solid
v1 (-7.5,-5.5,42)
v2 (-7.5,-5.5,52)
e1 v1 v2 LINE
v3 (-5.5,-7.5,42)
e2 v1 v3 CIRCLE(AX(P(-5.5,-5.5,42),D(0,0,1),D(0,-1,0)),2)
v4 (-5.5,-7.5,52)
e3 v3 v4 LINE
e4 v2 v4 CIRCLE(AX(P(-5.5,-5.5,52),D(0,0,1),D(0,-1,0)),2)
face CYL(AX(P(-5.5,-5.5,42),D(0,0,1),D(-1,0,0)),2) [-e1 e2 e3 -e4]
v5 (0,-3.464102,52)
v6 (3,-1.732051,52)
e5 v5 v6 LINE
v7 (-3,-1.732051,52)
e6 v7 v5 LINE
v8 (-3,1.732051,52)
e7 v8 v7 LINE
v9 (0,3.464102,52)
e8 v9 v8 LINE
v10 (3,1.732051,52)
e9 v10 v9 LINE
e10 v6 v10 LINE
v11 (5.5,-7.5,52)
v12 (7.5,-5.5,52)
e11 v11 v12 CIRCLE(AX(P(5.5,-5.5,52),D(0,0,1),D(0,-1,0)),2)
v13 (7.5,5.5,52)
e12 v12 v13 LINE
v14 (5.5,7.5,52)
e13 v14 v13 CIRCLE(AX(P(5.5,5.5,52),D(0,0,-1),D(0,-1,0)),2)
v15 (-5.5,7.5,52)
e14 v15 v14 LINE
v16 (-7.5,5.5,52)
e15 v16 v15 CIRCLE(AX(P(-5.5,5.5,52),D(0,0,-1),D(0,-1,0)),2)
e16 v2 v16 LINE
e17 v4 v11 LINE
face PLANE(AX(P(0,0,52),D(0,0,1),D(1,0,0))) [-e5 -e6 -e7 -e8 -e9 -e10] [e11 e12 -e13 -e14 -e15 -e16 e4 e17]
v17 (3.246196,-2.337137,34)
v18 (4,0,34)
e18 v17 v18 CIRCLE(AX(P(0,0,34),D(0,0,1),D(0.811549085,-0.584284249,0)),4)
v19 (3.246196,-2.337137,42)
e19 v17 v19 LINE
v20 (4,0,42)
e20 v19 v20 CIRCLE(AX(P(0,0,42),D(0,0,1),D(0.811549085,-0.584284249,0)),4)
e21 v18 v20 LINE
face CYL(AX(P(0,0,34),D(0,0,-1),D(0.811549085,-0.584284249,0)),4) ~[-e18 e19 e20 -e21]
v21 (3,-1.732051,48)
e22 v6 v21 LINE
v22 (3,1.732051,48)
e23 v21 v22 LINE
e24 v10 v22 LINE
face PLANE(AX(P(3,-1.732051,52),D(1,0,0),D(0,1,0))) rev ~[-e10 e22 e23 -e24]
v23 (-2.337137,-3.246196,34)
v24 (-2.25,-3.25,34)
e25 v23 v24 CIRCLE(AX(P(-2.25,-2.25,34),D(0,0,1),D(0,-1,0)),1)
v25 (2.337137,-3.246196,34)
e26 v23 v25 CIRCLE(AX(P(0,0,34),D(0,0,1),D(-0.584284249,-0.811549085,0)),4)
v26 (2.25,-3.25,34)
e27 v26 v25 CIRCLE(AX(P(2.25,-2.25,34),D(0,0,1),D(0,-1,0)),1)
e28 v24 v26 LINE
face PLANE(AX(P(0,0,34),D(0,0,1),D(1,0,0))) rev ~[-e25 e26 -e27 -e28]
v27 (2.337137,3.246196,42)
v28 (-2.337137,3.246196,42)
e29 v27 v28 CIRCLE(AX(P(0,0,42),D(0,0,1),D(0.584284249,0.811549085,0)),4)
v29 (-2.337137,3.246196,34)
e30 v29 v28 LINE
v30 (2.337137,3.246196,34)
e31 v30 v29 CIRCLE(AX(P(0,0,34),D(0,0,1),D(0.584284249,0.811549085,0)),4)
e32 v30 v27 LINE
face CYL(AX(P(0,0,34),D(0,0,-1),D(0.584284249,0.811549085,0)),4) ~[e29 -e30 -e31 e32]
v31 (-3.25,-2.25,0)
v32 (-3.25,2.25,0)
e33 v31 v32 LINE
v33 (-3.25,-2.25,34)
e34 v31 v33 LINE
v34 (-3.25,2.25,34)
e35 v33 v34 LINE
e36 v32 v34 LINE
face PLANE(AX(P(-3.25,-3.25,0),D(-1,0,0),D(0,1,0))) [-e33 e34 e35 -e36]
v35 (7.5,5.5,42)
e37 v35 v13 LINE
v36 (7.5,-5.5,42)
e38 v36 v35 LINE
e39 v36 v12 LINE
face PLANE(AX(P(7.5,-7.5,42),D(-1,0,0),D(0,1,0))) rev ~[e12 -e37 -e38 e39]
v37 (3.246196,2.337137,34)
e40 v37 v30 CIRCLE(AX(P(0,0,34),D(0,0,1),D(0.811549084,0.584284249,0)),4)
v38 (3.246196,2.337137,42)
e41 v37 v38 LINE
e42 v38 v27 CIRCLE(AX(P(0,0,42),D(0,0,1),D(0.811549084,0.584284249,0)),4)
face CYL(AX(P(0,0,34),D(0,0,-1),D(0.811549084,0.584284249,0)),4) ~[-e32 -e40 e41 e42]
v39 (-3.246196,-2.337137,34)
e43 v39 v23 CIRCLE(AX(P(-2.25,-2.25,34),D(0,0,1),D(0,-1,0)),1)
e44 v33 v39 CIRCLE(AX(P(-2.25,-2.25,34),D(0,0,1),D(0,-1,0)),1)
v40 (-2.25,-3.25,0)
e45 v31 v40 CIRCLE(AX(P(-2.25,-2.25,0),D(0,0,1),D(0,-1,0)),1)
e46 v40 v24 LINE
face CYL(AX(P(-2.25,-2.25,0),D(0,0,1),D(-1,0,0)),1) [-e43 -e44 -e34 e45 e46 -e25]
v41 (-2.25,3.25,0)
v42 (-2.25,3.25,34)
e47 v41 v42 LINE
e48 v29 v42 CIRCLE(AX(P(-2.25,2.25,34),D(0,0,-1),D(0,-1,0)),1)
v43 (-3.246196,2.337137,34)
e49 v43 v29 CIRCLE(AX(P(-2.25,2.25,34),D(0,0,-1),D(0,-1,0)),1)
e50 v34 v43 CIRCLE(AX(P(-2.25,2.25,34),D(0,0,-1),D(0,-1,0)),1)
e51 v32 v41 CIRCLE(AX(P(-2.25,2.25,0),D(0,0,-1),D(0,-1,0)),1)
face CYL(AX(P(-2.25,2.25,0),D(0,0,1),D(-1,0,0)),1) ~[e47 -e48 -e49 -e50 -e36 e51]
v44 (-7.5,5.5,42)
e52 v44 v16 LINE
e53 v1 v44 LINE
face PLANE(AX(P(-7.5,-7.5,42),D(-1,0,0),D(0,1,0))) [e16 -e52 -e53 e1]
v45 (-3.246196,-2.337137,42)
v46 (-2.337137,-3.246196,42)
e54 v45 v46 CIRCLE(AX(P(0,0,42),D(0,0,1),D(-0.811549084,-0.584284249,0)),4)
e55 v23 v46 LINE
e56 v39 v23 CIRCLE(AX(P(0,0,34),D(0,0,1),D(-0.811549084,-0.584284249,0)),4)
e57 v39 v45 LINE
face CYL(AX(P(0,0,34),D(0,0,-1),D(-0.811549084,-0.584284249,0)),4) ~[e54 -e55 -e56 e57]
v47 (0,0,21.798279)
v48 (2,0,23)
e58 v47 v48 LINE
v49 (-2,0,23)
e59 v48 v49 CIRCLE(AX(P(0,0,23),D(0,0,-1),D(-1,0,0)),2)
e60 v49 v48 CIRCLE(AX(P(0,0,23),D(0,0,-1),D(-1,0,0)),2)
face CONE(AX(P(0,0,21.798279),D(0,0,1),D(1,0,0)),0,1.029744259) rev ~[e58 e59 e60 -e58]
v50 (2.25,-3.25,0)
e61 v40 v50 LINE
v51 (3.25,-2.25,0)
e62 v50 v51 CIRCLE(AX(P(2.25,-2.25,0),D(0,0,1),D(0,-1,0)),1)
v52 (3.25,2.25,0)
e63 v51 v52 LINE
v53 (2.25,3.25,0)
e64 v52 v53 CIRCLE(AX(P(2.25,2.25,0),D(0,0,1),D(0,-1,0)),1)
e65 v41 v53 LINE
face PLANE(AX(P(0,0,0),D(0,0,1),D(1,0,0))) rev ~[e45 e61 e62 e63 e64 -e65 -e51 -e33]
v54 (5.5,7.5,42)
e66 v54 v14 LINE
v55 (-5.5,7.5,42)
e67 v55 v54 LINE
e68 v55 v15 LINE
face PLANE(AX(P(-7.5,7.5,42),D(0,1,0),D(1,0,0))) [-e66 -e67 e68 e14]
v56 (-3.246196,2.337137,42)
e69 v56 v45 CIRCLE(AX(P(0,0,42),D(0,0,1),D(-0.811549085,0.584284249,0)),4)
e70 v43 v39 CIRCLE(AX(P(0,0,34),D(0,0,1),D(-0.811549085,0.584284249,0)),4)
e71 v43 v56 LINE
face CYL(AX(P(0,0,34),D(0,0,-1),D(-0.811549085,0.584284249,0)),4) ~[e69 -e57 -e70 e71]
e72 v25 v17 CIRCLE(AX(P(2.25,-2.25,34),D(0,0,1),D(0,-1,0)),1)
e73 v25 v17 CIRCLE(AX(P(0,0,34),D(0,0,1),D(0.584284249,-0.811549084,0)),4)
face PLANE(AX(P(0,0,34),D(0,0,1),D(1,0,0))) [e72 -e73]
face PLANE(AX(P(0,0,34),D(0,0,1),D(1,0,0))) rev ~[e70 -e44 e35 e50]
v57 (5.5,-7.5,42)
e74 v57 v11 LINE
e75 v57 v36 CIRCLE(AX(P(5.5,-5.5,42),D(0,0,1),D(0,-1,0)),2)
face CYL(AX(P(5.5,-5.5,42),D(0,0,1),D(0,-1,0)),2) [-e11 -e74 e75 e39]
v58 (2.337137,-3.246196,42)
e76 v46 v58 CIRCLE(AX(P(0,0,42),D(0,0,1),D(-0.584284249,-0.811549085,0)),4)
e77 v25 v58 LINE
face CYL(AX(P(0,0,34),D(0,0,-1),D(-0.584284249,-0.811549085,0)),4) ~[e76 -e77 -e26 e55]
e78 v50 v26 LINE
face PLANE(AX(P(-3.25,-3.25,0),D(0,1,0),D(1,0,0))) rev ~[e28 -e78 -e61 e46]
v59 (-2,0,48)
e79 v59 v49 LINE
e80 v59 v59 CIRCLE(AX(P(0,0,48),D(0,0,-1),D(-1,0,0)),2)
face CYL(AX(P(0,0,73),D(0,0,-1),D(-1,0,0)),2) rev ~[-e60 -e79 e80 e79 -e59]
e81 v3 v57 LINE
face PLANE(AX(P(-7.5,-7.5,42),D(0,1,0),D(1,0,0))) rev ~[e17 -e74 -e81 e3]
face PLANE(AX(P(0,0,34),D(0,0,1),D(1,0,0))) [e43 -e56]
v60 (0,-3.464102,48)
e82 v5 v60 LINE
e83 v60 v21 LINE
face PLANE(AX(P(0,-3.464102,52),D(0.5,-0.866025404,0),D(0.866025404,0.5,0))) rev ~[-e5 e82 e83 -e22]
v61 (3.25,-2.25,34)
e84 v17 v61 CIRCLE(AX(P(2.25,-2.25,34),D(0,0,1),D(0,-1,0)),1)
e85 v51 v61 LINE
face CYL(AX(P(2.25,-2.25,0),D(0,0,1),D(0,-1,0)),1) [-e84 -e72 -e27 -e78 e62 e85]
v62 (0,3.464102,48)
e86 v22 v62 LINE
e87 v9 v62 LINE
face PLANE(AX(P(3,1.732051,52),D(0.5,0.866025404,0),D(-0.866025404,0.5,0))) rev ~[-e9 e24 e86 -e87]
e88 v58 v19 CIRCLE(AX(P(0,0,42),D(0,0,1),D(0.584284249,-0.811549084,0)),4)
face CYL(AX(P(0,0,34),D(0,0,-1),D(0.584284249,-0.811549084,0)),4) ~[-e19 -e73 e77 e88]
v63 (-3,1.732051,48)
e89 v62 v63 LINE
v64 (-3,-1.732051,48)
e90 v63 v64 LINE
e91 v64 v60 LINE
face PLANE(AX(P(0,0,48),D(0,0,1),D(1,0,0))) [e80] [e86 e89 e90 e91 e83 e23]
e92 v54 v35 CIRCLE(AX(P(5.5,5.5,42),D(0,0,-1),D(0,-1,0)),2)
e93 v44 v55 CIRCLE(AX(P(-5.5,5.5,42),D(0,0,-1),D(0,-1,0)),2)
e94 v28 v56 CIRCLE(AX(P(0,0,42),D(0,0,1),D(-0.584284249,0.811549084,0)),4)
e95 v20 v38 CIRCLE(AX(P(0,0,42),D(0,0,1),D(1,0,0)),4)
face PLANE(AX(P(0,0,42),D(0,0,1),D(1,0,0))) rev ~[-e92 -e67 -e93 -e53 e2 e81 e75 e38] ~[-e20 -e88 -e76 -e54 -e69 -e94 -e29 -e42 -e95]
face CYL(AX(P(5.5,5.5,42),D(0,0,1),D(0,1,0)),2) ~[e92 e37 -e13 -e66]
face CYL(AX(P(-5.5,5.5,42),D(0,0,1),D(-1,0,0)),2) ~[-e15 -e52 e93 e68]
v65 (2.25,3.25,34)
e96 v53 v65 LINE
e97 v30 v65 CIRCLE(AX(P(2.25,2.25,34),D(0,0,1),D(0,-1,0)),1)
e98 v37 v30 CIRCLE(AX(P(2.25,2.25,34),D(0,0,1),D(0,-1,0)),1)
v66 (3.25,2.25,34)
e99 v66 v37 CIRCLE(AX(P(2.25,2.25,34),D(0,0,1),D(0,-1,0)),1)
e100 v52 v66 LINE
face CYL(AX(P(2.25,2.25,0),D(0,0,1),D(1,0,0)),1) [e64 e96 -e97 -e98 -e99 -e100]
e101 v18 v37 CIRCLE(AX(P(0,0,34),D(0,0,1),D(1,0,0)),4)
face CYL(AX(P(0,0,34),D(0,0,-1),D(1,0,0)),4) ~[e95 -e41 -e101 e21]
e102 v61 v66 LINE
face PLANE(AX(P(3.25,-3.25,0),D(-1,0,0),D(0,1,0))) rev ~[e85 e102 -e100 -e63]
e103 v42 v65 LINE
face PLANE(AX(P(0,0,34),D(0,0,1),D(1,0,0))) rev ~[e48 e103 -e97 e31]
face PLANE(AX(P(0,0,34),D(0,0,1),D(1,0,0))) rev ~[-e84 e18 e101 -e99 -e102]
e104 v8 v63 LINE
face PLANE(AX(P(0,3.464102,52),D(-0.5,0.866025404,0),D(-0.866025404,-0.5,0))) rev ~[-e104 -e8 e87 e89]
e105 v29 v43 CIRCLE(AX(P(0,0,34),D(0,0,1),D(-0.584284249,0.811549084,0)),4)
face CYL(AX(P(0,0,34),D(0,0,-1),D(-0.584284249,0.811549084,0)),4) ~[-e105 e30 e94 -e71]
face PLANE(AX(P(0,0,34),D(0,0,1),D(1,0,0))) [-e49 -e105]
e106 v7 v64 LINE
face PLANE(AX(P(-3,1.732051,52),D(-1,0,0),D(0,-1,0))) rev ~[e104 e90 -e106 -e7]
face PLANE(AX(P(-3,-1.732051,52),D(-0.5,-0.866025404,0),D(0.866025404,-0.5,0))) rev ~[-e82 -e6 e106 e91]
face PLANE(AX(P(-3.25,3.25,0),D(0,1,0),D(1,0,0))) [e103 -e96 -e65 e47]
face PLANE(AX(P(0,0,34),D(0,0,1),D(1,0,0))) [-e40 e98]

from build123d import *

# Parameters (mm, degrees)
F0_W      = 6.5
F0_H      = 6.5
F1_DEPTH  = 34
F2_R      = 1
F4_DEPTH  = 8
F5_W      = 15
F5_H      = 15
F5_R      = 4
F6_DEPTH  = 10
F8_DEPTH  = 4
F10_D     = 4
F10_DEPTH = 25
F10_TIP   = 1.2017212381
F11_R     = 2


with BuildPart() as f1:
    # F0 (on Top) → F1 (new body)
    with BuildSketch(Plane.XY):
        Rectangle(F0_W, F0_H)
    extrude(amount=F1_DEPTH)

    # F2
    f2_edges = [f1.edges().sort_by_distance(p)[0] for p in [
        (-3.25, 3.25, 17),
        (3.25, 3.25, 17),
        (3.25, -3.25, 17),
        (-3.25, -3.25, 17),
    ]]
    fillet(f2_edges, radius=F2_R)

    # F3 (on face) → F4 (join)
    with BuildSketch(Plane.XY.offset(34)):
        with BuildLine():
            ThreePointArc((3.25, 2.25), (3.249048632, 2.2936099868), (3.2461963381, 2.3371369952))
            ThreePointArc((3.2461963381, 2.3371369952), (2.8284271247, 2.8284271247), (2.3371369952, 3.2461963381))
            ThreePointArc((2.3371369952, 3.2461963381), (2.2936099868, 3.249048632), (2.25, 3.25))
            Line((2.25, 3.25), (-2.25, 3.25))
            ThreePointArc((-2.25, 3.25), (-2.2936099868, 3.249048632), (-2.3371369952, 3.2461963381))
            ThreePointArc((-2.3371369952, 3.2461963381), (-2.8284271247, 2.8284271247), (-3.2461963381, 2.3371369952))
            ThreePointArc((-3.2461963381, 2.3371369952), (-3.249048632, 2.2936099868), (-3.25, 2.25))
            Line((-3.25, 2.25), (-3.25, -2.25))
            ThreePointArc((-3.25, -2.25), (-3.249048632, -2.2936099868), (-3.2461963381, -2.3371369952))
            ThreePointArc((-3.2461963381, -2.3371369952), (-2.8284271247, -2.8284271247), (-2.3371369952, -3.2461963381))
            ThreePointArc((-2.3371369952, -3.2461963381), (-2.2936099868, -3.249048632), (-2.25, -3.25))
            Line((-2.25, -3.25), (2.25, -3.25))
            ThreePointArc((2.25, -3.25), (2.2936099868, -3.249048632), (2.3371369952, -3.2461963381))
            ThreePointArc((2.3371369952, -3.2461963381), (2.8284271247, -2.8284271247), (3.2461963381, -2.3371369952))
            ThreePointArc((3.2461963381, -2.3371369952), (3.249048632, -2.2936099868), (3.25, -2.25))
            Line((3.25, -2.25), (3.25, 2.25))
        make_face()
        with BuildLine():
            ThreePointArc((3.2461963381, -2.3371369952), (3.8068875313, -1.2278466206), (4, 0))
            ThreePointArc((4, 0), (3.8068875313, 1.2278466206), (3.2461963381, 2.3371369952))
            ThreePointArc((3.2461963381, 2.3371369952), (3.249048632, 2.2936099868), (3.25, 2.25))
            Line((3.25, 2.25), (3.25, -2.25))
            ThreePointArc((3.25, -2.25), (3.249048632, -2.2936099868), (3.2461963381, -2.3371369952))
        make_face()
        with BuildLine():
            ThreePointArc((2.25, 3.25), (2.2936099868, 3.249048632), (2.3371369952, 3.2461963381))
            ThreePointArc((2.3371369952, 3.2461963381), (0, 4), (-2.3371369952, 3.2461963381))
            ThreePointArc((-2.3371369952, 3.2461963381), (-2.2936099868, 3.249048632), (-2.25, 3.25))
            Line((-2.25, 3.25), (2.25, 3.25))
        make_face()
        with BuildLine():
            ThreePointArc((-2.3371369952, -3.2461963381), (0, -4), (2.3371369952, -3.2461963381))
            ThreePointArc((2.3371369952, -3.2461963381), (2.2936099868, -3.249048632), (2.25, -3.25))
            Line((2.25, -3.25), (-2.25, -3.25))
            ThreePointArc((-2.25, -3.25), (-2.2936099868, -3.249048632), (-2.3371369952, -3.2461963381))
        make_face()
        with BuildLine():
            ThreePointArc((-3.25, 2.25), (-3.249048632, 2.2936099868), (-3.2461963381, 2.3371369952))
            ThreePointArc((-3.2461963381, 2.3371369952), (-4, 0), (-3.2461963381, -2.3371369952))
            ThreePointArc((-3.2461963381, -2.3371369952), (-3.249048632, -2.2936099868), (-3.25, -2.25))
            Line((-3.25, -2.25), (-3.25, 2.25))
        make_face()
    extrude(amount=F4_DEPTH)

    # F5 (on face) → F6 (join)
    with BuildSketch(Plane.XY.offset(42)):
        Rectangle(F5_W, F5_H)
        Circle(F5_R, mode=Mode.SUBTRACT)
        Circle(F5_R)
    extrude(amount=F6_DEPTH)

    # F7 (on face) → F8 (cut)
    with BuildSketch(Plane.XY.offset(52)):
        Polygon((-3, 1.7320508076), (-3, -1.7320508076), (0, -3.4641016151), (3, -1.7320508076), (3, 1.7320508076), (0, 3.4641016151), align=None)
    extrude(amount=-F8_DEPTH, mode=Mode.SUBTRACT)

    # F10
    with Locations(Plane.XY.offset(48)):
        with Locations((0, 0)):
            Hole(F10_D / 2, depth=F10_DEPTH)
            with Locations((0, 0, -(F10_DEPTH + F10_TIP / 2))):  # 118° drill point
                Cone(0, F10_D / 2, F10_TIP, mode=Mode.SUBTRACT)

    # F11
    f11_edges = [f1.edges().sort_by_distance(p)[0] for p in [
        (7.5, 7.5, 47),
        (-7.5, 7.5, 47),
        (-7.5, -7.5, 47),
        (7.5, -7.5, 47),
    ]]
    fillet(f11_edges, radius=F11_R)


solid = f1.part
